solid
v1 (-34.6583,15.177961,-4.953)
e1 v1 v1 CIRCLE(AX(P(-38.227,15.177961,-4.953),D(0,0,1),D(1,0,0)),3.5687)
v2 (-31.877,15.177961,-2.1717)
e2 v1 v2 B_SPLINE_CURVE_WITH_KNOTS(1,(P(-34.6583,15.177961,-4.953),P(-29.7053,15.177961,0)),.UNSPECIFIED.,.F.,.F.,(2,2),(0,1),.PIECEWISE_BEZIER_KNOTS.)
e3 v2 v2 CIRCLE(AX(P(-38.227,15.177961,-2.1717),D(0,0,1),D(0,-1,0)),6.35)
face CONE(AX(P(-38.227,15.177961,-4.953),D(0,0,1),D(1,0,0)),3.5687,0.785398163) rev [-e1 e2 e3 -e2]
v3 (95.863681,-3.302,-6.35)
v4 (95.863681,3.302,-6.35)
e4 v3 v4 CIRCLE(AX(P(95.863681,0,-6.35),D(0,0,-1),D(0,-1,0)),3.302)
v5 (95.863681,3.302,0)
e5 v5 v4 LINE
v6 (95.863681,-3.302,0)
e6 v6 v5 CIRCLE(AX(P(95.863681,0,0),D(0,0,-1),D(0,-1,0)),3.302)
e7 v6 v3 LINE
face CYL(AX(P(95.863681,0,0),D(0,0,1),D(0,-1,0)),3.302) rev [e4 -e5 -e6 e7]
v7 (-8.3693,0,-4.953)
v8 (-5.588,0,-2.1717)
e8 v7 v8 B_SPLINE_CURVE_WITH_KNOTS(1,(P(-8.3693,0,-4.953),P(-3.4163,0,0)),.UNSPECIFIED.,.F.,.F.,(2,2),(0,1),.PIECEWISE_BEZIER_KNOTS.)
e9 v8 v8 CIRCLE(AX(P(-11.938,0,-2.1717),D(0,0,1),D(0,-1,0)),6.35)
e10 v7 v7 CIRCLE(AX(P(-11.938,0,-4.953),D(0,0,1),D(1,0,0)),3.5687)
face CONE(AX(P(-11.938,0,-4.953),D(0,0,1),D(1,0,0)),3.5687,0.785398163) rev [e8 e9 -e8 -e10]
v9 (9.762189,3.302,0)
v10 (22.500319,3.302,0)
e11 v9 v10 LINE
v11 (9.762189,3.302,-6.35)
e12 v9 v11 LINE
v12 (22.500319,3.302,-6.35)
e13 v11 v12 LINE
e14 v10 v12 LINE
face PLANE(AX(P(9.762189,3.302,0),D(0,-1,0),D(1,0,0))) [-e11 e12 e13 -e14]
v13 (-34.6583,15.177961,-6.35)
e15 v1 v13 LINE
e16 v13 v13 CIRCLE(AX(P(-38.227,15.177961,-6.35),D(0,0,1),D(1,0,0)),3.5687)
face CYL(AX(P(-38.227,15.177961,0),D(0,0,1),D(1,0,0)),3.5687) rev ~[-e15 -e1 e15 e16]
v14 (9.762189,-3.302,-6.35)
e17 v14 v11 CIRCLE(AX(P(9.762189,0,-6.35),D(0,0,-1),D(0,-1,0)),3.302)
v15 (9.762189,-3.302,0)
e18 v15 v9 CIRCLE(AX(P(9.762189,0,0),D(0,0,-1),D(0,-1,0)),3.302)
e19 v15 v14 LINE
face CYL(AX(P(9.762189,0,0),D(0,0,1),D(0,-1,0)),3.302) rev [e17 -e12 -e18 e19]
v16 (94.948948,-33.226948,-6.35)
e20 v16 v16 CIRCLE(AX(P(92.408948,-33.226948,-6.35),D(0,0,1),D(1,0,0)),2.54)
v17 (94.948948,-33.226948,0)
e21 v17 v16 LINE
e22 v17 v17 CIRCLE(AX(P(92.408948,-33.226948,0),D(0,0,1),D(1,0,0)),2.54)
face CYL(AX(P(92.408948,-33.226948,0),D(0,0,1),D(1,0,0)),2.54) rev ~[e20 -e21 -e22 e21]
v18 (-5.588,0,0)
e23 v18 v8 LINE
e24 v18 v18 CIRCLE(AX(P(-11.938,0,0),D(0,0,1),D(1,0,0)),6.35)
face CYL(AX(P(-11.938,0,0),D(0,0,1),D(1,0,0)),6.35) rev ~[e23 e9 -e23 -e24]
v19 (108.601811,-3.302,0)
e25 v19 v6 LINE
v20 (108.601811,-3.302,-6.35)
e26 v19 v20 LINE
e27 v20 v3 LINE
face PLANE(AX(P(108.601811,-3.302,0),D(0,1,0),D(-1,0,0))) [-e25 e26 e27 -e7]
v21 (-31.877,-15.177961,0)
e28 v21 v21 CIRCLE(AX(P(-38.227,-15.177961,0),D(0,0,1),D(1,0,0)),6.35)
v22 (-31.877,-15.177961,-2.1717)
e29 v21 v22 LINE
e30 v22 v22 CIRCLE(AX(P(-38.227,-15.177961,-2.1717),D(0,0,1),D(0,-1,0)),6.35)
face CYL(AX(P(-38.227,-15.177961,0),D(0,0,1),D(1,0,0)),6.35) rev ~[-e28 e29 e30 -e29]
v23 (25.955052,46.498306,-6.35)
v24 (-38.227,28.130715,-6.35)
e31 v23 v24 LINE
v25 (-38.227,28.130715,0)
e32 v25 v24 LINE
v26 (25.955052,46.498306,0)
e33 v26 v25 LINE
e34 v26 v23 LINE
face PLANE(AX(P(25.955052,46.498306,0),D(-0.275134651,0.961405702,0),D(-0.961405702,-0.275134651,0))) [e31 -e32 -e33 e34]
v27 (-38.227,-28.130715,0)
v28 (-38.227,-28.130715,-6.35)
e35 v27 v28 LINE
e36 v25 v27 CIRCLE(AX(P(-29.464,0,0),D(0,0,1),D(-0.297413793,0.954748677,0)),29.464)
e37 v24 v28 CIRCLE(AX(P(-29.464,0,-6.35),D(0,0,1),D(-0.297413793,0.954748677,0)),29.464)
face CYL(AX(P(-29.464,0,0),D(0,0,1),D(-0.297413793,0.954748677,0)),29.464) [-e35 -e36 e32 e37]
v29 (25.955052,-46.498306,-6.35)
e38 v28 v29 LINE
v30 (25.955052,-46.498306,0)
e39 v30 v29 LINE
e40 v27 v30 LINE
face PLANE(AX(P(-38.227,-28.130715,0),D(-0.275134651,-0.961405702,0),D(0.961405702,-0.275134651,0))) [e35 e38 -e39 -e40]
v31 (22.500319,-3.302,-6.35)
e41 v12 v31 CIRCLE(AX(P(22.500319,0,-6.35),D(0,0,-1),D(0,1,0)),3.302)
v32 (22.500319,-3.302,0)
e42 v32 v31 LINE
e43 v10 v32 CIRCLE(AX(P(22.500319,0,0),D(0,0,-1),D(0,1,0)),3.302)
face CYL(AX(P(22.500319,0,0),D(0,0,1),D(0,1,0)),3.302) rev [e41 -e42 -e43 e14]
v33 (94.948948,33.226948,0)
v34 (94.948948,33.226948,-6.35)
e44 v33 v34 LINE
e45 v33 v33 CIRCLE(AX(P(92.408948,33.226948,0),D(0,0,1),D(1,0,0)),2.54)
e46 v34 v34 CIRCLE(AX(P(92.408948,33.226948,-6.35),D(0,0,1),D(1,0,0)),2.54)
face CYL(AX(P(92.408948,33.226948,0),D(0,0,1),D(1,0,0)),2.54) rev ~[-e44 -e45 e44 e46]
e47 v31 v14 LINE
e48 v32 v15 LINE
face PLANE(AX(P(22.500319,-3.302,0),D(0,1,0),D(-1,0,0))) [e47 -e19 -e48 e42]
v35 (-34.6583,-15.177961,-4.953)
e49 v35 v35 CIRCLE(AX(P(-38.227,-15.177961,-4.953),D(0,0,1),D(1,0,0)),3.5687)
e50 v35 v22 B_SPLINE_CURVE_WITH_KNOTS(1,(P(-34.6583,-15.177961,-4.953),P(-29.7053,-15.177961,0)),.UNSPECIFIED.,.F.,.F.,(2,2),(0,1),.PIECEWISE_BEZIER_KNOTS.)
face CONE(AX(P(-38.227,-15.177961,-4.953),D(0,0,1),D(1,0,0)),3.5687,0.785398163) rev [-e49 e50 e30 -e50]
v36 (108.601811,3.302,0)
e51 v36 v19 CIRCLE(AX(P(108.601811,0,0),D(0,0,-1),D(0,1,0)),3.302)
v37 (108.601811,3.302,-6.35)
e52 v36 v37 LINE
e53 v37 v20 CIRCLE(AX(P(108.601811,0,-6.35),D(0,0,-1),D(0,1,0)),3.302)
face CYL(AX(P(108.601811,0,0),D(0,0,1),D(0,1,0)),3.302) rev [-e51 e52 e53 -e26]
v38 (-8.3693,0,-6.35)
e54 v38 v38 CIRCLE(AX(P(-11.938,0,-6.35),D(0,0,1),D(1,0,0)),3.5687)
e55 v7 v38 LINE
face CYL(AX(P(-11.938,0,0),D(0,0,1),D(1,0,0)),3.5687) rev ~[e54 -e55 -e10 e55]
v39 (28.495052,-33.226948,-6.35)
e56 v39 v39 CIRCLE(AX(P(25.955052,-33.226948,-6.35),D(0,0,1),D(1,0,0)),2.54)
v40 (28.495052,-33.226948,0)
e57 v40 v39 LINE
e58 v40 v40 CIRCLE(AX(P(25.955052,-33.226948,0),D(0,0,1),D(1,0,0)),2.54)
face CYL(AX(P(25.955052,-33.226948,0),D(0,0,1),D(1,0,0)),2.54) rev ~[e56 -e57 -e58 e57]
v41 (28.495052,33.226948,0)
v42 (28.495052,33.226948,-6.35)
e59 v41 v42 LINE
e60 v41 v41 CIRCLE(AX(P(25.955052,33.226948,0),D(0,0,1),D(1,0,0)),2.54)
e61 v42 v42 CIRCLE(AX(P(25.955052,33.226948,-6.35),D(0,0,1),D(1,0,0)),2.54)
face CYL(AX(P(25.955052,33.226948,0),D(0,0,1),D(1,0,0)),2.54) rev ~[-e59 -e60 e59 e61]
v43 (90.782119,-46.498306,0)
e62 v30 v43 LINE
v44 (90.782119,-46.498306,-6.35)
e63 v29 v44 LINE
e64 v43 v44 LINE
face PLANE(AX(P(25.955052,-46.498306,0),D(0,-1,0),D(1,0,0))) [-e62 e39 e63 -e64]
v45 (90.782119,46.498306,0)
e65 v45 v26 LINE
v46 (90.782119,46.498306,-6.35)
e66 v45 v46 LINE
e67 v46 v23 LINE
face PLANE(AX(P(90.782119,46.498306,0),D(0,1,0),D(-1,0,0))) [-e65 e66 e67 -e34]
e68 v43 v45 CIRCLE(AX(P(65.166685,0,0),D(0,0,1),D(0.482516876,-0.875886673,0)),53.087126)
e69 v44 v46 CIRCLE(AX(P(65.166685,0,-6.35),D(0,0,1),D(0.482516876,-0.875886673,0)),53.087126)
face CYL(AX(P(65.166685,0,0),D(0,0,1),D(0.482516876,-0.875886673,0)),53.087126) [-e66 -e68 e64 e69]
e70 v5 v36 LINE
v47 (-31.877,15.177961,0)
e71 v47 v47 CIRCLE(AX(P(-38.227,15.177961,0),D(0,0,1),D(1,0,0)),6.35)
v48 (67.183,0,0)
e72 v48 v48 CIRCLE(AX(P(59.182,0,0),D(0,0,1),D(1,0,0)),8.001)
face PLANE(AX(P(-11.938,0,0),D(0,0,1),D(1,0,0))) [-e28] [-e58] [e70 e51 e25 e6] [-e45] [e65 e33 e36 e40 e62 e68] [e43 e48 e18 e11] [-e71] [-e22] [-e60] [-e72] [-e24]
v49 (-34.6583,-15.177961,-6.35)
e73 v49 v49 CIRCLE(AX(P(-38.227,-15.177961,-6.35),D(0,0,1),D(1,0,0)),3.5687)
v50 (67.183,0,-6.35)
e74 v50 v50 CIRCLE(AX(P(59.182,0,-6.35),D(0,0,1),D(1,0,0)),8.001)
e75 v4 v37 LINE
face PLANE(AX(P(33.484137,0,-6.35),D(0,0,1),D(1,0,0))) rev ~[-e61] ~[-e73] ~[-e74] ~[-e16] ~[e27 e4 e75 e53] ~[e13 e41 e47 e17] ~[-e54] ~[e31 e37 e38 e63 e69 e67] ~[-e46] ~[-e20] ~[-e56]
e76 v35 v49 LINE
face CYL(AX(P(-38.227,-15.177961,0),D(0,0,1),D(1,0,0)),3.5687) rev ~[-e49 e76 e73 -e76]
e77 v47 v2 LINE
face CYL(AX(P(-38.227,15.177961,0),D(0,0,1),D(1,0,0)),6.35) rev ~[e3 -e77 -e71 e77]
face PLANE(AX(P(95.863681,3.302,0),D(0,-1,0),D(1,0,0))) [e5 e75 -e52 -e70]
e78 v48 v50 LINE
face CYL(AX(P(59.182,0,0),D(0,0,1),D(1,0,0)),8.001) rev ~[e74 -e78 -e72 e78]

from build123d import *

# Parameters (mm, degrees)
F0_R     = 2.54
F0_R_2   = 3.5687
F0_R_3   = 8.001
F1_DEPTH = 6.35
F3_R     = 3.5687
F4_DEPTH = 4.953
F4_TAPER = -45
F5_R     = 8.5217
F5_R_2   = 6.35
F6_DEPTH = 4.953


with BuildPart() as f1:
    # F0 (on Top) → F1 (new body)
    with BuildSketch(Plane.XY):
        with BuildLine():
            Line((90.7821191281, 46.4983058831), (25.955052352, 46.4983058831))
            Line((25.955052352, 46.4983058831), (-38.227, 28.1307150105))
            ThreePointArc((-38.227, 28.1307150105), (-58.928, 0), (-38.227, -28.1307150105))
            Line((-38.227, -28.1307150105), (25.955052352, -46.4983058831))
            Line((25.955052352, -46.4983058831), (90.7821191281, -46.4983058831))
            ThreePointArc((90.7821191281, -46.4983058831), (118.2538107645, 0), (90.7821191281, 46.4983058831))
        make_face()
        with Locations((25.955052352, -33.226947648)):
            Circle(F0_R, mode=Mode.SUBTRACT)
        with Locations((-38.227, -15.1779612267)):
            Circle(F0_R_2, mode=Mode.SUBTRACT)
        with Locations((92.408947648, -33.226947648)):
            Circle(F0_R, mode=Mode.SUBTRACT)
        with Locations((-38.227, 15.1779612267)):
            Circle(F0_R_2, mode=Mode.SUBTRACT)
        with Locations((-11.938, 0)):
            Circle(F0_R_2, mode=Mode.SUBTRACT)
        with BuildLine():
            ThreePointArc((22.5003193406, 3.302), (25.8023193406, 0), (22.5003193406, -3.302))
            Line((22.5003193406, -3.302), (9.7621892355, -3.302))
            ThreePointArc((9.7621892355, -3.302), (6.4601892355, 0), (9.7621892355, 3.302))
            Line((9.7621892355, 3.302), (22.5003193406, 3.302))
        make_face(mode=Mode.SUBTRACT)
        with Locations((25.955052352, 33.226947648)):
            Circle(F0_R, mode=Mode.SUBTRACT)
        with Locations((59.182, 0)):
            Circle(F0_R_3, mode=Mode.SUBTRACT)
        with BuildLine():
            ThreePointArc((95.8636806594, -3.302), (92.5616806594, 0), (95.8636806594, 3.302))
            Line((95.8636806594, 3.302), (108.6018107645, 3.302))
            ThreePointArc((108.6018107645, 3.302), (111.9038107645, 0), (108.6018107645, -3.302))
            Line((108.6018107645, -3.302), (95.8636806594, -3.302))
        make_face(mode=Mode.SUBTRACT)
        with Locations((92.408947648, 33.226947648)):
            Circle(F0_R, mode=Mode.SUBTRACT)
    extrude(amount=-F1_DEPTH)

    # F3 (on offset) → F4 (cut, through all)
    with BuildSketch(Plane(origin=(0, 0, -4.953), x_dir=(1, 0, 0), z_dir=(0, 0, -1))):
        with Locations((-38.227, 15.1779612267)):
            Circle(F3_R)
        with Locations((-38.227, -15.1779612267)):
            Circle(F3_R)
        with Locations((-11.938, 0)):
            Circle(F3_R)
    extrude(amount=-F4_DEPTH, taper=F4_TAPER, mode=Mode.SUBTRACT)

    # F5 (on face) → F6 (join, through all)
    with BuildSketch(Plane.XY):
        with Locations((-11.938, 0)):
            Circle(F5_R)
        with Locations((-11.938, 0)):
            Circle(F5_R_2, mode=Mode.SUBTRACT)
        with Locations((-38.227, 15.1779612267)):
            Circle(F5_R)
        with Locations((-38.227, 15.1779612267)):
            Circle(F5_R_2, mode=Mode.SUBTRACT)
        with Locations((-38.227, -15.1779612267)):
            Circle(F5_R)
        with Locations((-38.227, -15.1779612267)):
            Circle(F5_R_2, mode=Mode.SUBTRACT)
    extrude(amount=-F6_DEPTH)


solid = f1.part
